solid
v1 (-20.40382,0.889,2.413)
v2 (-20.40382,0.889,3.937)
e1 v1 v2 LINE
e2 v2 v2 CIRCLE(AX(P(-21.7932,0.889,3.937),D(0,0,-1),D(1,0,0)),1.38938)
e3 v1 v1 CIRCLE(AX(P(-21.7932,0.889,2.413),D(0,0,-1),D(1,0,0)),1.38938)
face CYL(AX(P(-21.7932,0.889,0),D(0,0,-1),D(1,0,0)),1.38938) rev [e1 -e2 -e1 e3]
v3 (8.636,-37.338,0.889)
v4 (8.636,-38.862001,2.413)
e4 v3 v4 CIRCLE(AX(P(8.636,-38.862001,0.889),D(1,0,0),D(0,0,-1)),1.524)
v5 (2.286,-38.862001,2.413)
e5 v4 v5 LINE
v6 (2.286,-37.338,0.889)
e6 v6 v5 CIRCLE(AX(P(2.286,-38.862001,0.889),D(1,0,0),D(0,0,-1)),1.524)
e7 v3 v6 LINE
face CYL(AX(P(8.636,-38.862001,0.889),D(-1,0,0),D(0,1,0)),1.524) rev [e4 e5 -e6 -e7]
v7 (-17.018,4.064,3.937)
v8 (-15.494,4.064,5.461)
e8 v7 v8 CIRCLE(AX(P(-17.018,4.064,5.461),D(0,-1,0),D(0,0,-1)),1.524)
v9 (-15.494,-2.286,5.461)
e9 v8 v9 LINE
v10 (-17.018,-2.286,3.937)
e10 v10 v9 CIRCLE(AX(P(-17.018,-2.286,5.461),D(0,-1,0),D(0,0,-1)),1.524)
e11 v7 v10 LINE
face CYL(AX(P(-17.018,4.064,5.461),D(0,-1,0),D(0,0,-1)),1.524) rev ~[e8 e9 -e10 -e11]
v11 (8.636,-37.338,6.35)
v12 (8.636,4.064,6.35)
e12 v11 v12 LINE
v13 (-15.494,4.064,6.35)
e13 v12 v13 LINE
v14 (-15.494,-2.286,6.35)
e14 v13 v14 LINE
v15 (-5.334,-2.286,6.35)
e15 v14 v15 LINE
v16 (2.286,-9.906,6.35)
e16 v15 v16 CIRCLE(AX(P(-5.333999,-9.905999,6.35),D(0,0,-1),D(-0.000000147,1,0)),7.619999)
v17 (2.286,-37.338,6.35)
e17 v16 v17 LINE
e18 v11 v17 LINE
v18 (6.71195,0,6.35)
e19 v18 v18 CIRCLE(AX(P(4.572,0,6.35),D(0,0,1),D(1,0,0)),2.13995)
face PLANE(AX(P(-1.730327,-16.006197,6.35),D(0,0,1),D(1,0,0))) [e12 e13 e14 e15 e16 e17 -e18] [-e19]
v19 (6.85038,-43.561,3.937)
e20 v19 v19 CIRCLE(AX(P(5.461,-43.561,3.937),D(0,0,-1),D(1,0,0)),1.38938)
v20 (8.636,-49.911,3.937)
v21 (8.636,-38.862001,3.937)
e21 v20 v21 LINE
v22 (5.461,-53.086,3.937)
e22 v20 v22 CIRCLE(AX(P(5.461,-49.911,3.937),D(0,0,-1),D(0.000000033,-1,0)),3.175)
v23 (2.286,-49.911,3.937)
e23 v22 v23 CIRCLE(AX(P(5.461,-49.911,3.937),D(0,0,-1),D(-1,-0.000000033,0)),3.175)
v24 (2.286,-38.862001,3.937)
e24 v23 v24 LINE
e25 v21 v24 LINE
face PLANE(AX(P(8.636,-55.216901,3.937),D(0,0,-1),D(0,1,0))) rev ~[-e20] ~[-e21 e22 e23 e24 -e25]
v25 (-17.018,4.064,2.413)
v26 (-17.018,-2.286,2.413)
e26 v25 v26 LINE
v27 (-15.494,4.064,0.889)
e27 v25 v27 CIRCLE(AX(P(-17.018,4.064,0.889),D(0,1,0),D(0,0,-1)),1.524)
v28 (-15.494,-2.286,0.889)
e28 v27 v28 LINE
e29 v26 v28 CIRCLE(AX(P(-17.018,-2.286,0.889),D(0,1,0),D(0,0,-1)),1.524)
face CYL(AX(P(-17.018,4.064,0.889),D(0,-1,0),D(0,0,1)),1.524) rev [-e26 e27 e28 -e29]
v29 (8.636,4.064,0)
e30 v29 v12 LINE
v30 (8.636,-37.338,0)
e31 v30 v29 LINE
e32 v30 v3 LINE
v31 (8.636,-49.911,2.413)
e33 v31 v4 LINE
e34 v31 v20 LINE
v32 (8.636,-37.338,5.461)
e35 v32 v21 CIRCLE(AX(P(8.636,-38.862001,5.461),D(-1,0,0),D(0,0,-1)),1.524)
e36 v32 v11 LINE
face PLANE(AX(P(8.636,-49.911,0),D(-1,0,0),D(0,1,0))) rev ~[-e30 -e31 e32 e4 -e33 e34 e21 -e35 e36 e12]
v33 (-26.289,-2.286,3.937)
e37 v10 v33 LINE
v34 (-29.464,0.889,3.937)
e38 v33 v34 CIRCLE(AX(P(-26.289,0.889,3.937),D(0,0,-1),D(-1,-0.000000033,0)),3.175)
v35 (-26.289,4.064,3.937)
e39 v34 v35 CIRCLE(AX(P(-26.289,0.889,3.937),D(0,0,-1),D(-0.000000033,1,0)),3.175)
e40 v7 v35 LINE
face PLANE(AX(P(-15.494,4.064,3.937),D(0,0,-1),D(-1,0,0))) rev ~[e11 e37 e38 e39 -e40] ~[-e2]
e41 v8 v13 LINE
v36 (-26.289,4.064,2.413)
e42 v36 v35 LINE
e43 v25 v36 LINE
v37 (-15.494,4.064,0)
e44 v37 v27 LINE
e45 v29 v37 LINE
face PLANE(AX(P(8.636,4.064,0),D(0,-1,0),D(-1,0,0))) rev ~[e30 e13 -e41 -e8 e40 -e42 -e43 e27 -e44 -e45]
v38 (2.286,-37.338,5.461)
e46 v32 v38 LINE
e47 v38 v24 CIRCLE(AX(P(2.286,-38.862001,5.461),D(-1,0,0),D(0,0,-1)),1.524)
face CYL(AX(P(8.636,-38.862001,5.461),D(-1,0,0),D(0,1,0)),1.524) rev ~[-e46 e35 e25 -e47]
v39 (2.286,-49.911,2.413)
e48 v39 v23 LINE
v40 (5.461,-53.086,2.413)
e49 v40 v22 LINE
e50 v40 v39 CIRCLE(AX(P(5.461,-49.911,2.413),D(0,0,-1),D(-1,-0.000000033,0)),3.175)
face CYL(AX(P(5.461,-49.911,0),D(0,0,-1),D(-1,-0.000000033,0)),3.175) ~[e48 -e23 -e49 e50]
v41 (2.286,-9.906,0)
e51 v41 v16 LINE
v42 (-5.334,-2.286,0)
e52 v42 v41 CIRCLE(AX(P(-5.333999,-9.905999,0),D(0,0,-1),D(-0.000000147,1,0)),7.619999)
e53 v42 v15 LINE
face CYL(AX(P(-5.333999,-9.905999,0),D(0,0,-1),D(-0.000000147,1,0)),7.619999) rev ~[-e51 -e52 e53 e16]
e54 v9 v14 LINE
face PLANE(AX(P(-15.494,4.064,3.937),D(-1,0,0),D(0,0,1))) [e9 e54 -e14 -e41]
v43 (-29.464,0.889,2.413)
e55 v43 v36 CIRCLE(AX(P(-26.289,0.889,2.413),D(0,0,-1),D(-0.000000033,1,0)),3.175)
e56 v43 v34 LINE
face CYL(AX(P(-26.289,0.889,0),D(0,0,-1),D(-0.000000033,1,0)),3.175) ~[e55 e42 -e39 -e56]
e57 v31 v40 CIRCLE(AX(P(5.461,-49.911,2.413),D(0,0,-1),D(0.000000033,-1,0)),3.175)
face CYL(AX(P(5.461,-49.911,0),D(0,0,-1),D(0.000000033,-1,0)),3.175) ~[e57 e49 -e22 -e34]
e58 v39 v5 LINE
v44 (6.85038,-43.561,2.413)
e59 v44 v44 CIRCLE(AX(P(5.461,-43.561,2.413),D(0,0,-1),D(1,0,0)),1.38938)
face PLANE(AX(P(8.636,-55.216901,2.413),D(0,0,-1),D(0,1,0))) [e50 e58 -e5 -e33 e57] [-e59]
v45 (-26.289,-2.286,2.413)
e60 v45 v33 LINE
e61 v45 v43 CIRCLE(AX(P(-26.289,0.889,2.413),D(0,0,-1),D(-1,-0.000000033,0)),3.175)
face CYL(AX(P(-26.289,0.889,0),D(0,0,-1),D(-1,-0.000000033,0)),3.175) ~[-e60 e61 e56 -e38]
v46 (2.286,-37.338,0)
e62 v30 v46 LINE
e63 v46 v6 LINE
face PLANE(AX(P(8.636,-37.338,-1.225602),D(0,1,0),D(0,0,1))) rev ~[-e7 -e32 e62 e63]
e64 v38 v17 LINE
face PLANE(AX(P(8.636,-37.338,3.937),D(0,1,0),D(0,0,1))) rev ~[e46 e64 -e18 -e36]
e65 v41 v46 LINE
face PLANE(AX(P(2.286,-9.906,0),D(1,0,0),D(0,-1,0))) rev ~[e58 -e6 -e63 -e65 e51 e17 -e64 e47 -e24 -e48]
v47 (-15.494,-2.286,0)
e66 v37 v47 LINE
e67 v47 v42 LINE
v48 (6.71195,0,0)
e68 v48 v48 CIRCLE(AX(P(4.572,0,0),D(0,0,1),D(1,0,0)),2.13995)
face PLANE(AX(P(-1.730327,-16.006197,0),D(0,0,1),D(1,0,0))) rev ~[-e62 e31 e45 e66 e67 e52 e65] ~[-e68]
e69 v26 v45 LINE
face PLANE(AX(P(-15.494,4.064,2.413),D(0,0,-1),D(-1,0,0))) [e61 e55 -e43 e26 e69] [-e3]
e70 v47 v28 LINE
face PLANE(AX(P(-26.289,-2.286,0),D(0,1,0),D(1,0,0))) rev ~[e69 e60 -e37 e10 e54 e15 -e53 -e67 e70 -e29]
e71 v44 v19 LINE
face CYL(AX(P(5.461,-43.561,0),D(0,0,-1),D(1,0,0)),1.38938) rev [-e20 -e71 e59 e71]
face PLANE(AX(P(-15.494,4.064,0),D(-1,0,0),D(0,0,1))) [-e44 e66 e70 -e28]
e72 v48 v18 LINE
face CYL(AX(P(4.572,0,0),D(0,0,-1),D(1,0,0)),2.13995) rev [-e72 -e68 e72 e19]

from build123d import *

# Parameters (mm, degrees)
F0_R     = 1.38938
F0_R_2   = 2.13995
F1_DEPTH = 6.35
F2_W     = 17.878901
F2_H     = 3.15336
F2_H_2   = 3.638602
F3_DEPTH = 38.101
F4_W     = 17.966992
F4_H     = 2.413
F5_DEPTH = 57.151
F6_R     = 1.524


with BuildPart() as f1:
    # F0 (on Top) → F1 (new body)
    with BuildSketch(Plane.XY):
        with BuildLine():
            ThreePointArc((-29.464, 0.889), (-28.534064, -1.356064), (-26.289, -2.286))
            Line((-26.289, -2.286), (-5.334, -2.286))
            ThreePointArc((-5.334, -2.286), (0.054154, -4.517846), (2.286, -9.906))
            Line((2.286, -9.906), (2.286, -49.911))
            ThreePointArc((2.286, -49.911), (3.215936, -52.156064), (5.461, -53.086))
            ThreePointArc((5.461, -53.086), (7.706064, -52.156064), (8.636, -49.911))
            Line((8.636, -49.911), (8.636, 4.064))
            Line((8.636, 4.064), (-26.289, 4.064))
            ThreePointArc((-26.289, 4.064), (-28.534064, 3.134064), (-29.464, 0.889))
        make_face()
        with Locations((5.461, -43.561)):
            Circle(F0_R, mode=Mode.SUBTRACT)
        with Locations((-21.7932, 0.889)):
            Circle(F0_R, mode=Mode.SUBTRACT)
        with Locations((4.572, 0)):
            Circle(F0_R_2, mode=Mode.SUBTRACT)
    extrude(amount=F1_DEPTH)

    # F2 (on face) → F3 (cut, through all)
    with BuildSketch(Plane.YZ.offset(8.636)):
        with Locations((-46.277451, 5.51368)):
            Rectangle(F2_W, F2_H)
        with Locations((-46.277451, 0.593699)):
            Rectangle(F2_W, F2_H_2)
    extrude(amount=-F3_DEPTH, mode=Mode.SUBTRACT)

    # F4 (on face) → F5 (cut, through all)
    with BuildSketch(Plane(origin=(0, 4.064, 0), x_dir=(-1, 0, 0), z_dir=(0, 1, 0))):
        with Locations((24.477496, 5.1435)):
            Rectangle(F4_W, F4_H)
        with Locations((24.477496, 1.2065)):
            Rectangle(F4_W, F4_H)
    extrude(amount=-F5_DEPTH, mode=Mode.SUBTRACT)

    # F6
    f6_edges = [f1.edges().sort_by_distance(p)[0] for p in [
        (-15.494, 0.889, 3.937),
        (-15.494, 0.889, 2.413),
        (5.461, -37.338, 3.937),
        (5.461, -37.338, 2.413),
    ]]
    fillet(f6_edges, radius=F6_R)


solid = f1.part
